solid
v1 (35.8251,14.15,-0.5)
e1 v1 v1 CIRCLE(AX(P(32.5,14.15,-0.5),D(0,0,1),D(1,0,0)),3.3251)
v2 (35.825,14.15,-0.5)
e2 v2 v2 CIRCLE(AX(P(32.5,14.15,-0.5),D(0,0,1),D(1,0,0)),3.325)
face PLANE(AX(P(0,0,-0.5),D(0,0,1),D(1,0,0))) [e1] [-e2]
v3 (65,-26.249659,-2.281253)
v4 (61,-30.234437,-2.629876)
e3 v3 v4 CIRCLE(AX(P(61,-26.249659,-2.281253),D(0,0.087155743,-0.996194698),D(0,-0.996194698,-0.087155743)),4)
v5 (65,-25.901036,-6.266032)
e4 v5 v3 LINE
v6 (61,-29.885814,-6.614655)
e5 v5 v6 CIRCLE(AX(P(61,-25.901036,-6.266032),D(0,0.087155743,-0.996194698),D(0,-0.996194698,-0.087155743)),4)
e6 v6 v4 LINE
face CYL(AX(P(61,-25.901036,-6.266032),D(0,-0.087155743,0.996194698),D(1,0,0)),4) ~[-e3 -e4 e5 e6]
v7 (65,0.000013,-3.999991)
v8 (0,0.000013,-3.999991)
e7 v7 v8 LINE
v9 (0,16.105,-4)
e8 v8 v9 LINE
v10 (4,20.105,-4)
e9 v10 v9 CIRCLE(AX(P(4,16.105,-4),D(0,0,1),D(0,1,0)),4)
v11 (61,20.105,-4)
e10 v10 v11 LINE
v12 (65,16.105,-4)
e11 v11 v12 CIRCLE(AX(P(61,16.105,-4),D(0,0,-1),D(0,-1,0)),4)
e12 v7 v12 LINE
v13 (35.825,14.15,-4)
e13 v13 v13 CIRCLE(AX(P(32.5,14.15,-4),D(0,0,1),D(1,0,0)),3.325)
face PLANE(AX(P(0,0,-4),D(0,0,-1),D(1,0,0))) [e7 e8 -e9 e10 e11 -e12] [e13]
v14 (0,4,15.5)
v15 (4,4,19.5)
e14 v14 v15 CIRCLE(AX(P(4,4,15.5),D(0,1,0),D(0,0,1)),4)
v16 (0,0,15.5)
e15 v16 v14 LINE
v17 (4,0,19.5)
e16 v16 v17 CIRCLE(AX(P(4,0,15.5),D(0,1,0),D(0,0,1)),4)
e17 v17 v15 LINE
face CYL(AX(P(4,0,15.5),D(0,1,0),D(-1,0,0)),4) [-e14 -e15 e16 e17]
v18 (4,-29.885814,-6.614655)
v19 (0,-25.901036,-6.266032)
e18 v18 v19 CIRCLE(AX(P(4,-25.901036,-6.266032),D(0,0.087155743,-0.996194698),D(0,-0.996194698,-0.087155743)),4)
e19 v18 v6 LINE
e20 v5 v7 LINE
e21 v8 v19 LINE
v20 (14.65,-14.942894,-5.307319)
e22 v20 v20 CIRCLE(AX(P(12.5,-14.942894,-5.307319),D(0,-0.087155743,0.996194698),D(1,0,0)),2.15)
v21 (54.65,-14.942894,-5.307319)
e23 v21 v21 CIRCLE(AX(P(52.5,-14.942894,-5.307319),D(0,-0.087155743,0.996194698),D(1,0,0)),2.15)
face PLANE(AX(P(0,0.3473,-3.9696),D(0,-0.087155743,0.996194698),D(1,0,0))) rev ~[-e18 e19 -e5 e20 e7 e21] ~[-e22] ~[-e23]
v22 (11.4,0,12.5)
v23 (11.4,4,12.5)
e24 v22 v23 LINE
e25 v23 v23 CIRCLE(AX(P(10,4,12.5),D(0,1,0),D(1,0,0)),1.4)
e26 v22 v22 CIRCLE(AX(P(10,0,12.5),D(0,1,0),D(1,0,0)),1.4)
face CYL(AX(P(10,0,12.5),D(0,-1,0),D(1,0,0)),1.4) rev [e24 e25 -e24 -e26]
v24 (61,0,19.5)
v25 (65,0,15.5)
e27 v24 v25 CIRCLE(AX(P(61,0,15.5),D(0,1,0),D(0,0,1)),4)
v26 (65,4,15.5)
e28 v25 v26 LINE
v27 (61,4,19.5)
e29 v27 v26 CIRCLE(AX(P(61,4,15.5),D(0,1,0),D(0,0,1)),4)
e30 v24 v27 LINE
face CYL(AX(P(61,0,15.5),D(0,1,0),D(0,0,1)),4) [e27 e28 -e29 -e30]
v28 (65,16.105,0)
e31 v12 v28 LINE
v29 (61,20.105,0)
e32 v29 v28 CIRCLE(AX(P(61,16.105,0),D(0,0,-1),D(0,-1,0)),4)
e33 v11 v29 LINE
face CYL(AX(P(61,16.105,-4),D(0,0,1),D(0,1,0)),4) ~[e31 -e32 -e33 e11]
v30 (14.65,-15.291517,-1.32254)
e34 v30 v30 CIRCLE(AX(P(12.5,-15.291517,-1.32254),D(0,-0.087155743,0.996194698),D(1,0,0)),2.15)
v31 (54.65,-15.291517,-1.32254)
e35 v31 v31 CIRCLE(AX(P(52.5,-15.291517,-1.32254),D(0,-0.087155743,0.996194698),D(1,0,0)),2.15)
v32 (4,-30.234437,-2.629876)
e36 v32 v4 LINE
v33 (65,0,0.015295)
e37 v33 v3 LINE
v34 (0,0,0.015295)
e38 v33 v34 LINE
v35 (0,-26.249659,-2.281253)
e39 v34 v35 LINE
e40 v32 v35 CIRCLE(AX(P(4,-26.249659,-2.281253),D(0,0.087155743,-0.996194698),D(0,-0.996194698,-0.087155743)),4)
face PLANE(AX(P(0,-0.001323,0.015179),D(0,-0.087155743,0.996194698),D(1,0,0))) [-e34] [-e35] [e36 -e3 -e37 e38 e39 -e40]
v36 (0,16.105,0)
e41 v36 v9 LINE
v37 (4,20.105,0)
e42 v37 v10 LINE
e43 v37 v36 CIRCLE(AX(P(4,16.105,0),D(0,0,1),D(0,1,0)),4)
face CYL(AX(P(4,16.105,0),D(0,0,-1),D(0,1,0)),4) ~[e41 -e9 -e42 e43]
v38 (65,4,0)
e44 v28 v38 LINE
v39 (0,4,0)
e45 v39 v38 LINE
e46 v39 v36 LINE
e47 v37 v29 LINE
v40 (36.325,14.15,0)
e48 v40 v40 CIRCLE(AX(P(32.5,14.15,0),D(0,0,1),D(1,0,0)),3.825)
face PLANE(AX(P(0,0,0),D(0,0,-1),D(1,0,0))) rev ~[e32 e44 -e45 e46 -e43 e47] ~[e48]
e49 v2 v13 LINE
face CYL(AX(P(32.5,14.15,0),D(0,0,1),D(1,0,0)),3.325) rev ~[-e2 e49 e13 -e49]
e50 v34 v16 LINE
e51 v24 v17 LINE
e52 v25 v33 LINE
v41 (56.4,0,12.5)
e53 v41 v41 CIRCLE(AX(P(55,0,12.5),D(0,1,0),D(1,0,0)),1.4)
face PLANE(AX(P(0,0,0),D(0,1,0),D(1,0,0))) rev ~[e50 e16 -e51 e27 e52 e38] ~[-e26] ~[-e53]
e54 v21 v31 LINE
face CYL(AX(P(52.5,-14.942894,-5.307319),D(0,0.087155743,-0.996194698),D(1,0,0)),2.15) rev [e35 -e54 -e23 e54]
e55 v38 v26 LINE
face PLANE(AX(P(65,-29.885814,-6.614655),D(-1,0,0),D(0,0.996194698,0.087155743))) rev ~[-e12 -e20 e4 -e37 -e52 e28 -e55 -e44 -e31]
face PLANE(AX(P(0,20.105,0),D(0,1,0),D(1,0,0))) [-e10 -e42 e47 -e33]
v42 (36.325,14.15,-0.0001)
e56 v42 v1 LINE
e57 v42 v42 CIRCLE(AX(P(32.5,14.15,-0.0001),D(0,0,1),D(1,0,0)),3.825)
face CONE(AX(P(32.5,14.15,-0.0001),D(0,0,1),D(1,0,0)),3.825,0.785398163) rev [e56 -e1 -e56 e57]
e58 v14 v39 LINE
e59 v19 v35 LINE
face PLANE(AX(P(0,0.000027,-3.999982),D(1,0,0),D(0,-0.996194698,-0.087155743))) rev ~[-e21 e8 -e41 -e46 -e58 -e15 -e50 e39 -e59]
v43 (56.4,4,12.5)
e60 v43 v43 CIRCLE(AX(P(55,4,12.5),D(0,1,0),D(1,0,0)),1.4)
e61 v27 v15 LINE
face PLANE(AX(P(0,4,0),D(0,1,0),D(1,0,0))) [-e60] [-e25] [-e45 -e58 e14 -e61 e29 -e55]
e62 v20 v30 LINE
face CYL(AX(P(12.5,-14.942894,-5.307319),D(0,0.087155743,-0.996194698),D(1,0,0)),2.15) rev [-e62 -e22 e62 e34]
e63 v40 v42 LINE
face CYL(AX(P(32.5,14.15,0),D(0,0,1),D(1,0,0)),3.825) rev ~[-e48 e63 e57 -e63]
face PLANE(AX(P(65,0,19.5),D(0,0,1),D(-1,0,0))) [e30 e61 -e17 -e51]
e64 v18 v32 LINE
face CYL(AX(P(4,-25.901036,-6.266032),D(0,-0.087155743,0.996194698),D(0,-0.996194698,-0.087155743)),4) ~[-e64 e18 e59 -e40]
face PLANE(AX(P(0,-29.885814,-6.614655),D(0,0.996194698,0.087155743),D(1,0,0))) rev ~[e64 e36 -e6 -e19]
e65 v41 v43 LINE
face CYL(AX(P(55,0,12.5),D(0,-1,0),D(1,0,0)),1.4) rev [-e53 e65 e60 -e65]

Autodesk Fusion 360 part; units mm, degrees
sketch "草图6" plane through (0, 0, 0) normal (0, 1, 0) x (1, 0, 0)
  line L0 (0, 0) -> (65, 0)
  line L1 (65, 0) -> (65, -19.5)
  line L2 (65, -19.5) -> (0, -19.5)
  line L3 (0, -19.5) -> (0, 0)
  line L4 (0, 0) -> (0, 4)
  line L5 (0, 4) -> (65, 4)
  line L6 (65, 4) -> (65, 0)
  circle A0 centre (10, -12.5) radius 1.4
  circle A1 centre (55, -12.5) radius 1.4
  line L7 (32.5, -19.5) -> (32.5, 4) construction
  dimension "d31" = 65
  dimension "d32" = 19.5
  dimension "d33" = 4
  dimension "d34" = 7
  dimension "d35" = 2.8
  dimension "d36" = 45
extrude "拉伸5" add sketch "草图6" along normal blind 4 contours L0 L1 L2 L3 makes body 1
extrude "拉伸6" add sketch "草图6" along normal blind 20.105 contours L0 L4 L5 L6 bodies 1
sketch "草图7" plane through (0, 0, 0) normal (0, 0, 1) x (1, 0, 0)
  line L0 (0, 4) -> (65, 4)
  line L1 (65, 4) -> (65, 20.105)
  line L2 (65, 20.105) -> (0, 20.105)
  line L3 (0, 20.105) -> (0, 4)
  circle A0 centre (32.5, 14.15) radius 3.325
  line L4 (32.5, 4) -> (32.5, 20.105) construction
  circle A1 centre (32.5, 14.15) radius 3.825
  dimension "d41" = 10.15
  dimension "d42" = 6.65
  dimension "d43" = 7.65
extrude "拉伸7" cut sketch "草图7" against normal blind 4 contours A0 bodies 1
extrude "拉伸8" cut sketch "草图7" against normal blind 0.5 contours A1 bodies 1
chamfer "倒角1" distance 0.5 angle 45 1 edges at (28.9338, 15.5332, -0.5) on bodies 1
fillet "圆角1" radius 4 1 edges at (0, 2, 19.5) on bodies 1
fillet "圆角2" radius 4 1 edges at (65, 2, 19.5) on bodies 1
fillet "圆角3" radius 1 1 edges at (32.5, 4, 0) on bodies 1
fillet "圆角4" radius 4 1 edges at (32.5, 0, -4) on bodies 1
fillet "圆角5" radius 4 1 edges at (0, 20.105, -2) on bodies 1
fillet "圆角6" radius 4 1 edges at (65, 20.105, -2) on bodies 1
delete_face "删除面1" 1 faces at (21.6667, 3.8097, -3.9955) on bodies 1
ref_plane "工作平面1" through (32.5, 0, -4) normal (0, -0.0872, 0.9962) x (1, 0, 0)
sketch "草图8" plane through (0, 0.3473, -3.9696) normal (0, -0.0872, 0.9962) x (1, 0, 0)
  line L0 (0, -0.3486) -> (65, -0.3486)
  line L1 (0, -0.3486) -> (0, -30.3486)
  line L2 (0, -30.3486) -> (65, -30.3486)
  line L3 (65, -30.3486) -> (65, -0.3486)
  line L4 (0, -15.3486) -> (65, -15.3486) construction
  circle A0 centre (12.5, -15.3486) radius 2.15
  line L5 (32.5, -0.3486) -> (32.5, -30.3486) construction
  circle A1 centre (52.5, -15.3486) radius 2.15
  point P0 (0, -0.3486)
  point P1 (65, -0.3486)
  dimension "d62" = 30
  dimension "d64" = 4.3
  dimension "d65" = 40
extrude "拉伸9" add sketch "草图8" along normal blind 4 separate body makes body 2
extrude "拉伸10" add 1 faces at (21.6667, -0.2324, -1.3435) along direction (0, 0.996195, 0.087156) blind 0.877 on bodies 2 bodies 1 2
fillet "圆角7" radius 4 2 edges at (65, -30.0602, -4.6223) (0, -30.0602, -4.6223) on bodies 1
fillet "圆角8" radius 4 1 edges at (32.5, 0, 0.0153) on bodies 1
delete_face "删除面2" 1 faces at (43.3333, -3.2596, -0.2503) on bodies 1
delete_face "删除面3" 1 faces at (21.6667, 4.4199, 0.1854) on bodies 1
extrude "拉伸3" [suppressed]
sketch "草图4" plane through (0, 0, 0) normal (0, 1, 0) x (1, 0, 0)
  line L0 (0, 0) -> (65, 0)
  line L1 (65, 0) -> (65, -25.17)
  line L2 (65, -25.17) -> (0, -25.17)
  line L3 (0, -25.17) -> (0, 0)
  line L4 (0, -7) -> (65, -7) construction
  circle A0 centre (10, -7) radius 1.25
  line L5 (32.5, 0) -> (32.5, -25.17) construction
  circle A1 centre (55, -7) radius 1.25
  line L6 (0, -21.17) -> (65, -21.17)
  dimension "d23" = 25.17
  dimension "d24" = 65
  dimension "d25" = 2.5
  dimension "d26" = 45
  dimension "d27" = 7
  dimension "d28" = 4
extrude "拉伸4" [suppressed]
sketch "草图5" plane through (0, 0, 25.17) normal (0, 0, 1) x (1, 0, 0)
  line L0 (0, 0) -> (65, 0)
  line L1 (65, 0) -> (65, 4)
  line L2 (65, 4) -> (0, 4)
  line L3 (0, 4) -> (0, 0)
equation "d23 = 14 mm + 7.17 mm + 4 mm"
equation "d39 = 16.105 mm + 4 mm"
